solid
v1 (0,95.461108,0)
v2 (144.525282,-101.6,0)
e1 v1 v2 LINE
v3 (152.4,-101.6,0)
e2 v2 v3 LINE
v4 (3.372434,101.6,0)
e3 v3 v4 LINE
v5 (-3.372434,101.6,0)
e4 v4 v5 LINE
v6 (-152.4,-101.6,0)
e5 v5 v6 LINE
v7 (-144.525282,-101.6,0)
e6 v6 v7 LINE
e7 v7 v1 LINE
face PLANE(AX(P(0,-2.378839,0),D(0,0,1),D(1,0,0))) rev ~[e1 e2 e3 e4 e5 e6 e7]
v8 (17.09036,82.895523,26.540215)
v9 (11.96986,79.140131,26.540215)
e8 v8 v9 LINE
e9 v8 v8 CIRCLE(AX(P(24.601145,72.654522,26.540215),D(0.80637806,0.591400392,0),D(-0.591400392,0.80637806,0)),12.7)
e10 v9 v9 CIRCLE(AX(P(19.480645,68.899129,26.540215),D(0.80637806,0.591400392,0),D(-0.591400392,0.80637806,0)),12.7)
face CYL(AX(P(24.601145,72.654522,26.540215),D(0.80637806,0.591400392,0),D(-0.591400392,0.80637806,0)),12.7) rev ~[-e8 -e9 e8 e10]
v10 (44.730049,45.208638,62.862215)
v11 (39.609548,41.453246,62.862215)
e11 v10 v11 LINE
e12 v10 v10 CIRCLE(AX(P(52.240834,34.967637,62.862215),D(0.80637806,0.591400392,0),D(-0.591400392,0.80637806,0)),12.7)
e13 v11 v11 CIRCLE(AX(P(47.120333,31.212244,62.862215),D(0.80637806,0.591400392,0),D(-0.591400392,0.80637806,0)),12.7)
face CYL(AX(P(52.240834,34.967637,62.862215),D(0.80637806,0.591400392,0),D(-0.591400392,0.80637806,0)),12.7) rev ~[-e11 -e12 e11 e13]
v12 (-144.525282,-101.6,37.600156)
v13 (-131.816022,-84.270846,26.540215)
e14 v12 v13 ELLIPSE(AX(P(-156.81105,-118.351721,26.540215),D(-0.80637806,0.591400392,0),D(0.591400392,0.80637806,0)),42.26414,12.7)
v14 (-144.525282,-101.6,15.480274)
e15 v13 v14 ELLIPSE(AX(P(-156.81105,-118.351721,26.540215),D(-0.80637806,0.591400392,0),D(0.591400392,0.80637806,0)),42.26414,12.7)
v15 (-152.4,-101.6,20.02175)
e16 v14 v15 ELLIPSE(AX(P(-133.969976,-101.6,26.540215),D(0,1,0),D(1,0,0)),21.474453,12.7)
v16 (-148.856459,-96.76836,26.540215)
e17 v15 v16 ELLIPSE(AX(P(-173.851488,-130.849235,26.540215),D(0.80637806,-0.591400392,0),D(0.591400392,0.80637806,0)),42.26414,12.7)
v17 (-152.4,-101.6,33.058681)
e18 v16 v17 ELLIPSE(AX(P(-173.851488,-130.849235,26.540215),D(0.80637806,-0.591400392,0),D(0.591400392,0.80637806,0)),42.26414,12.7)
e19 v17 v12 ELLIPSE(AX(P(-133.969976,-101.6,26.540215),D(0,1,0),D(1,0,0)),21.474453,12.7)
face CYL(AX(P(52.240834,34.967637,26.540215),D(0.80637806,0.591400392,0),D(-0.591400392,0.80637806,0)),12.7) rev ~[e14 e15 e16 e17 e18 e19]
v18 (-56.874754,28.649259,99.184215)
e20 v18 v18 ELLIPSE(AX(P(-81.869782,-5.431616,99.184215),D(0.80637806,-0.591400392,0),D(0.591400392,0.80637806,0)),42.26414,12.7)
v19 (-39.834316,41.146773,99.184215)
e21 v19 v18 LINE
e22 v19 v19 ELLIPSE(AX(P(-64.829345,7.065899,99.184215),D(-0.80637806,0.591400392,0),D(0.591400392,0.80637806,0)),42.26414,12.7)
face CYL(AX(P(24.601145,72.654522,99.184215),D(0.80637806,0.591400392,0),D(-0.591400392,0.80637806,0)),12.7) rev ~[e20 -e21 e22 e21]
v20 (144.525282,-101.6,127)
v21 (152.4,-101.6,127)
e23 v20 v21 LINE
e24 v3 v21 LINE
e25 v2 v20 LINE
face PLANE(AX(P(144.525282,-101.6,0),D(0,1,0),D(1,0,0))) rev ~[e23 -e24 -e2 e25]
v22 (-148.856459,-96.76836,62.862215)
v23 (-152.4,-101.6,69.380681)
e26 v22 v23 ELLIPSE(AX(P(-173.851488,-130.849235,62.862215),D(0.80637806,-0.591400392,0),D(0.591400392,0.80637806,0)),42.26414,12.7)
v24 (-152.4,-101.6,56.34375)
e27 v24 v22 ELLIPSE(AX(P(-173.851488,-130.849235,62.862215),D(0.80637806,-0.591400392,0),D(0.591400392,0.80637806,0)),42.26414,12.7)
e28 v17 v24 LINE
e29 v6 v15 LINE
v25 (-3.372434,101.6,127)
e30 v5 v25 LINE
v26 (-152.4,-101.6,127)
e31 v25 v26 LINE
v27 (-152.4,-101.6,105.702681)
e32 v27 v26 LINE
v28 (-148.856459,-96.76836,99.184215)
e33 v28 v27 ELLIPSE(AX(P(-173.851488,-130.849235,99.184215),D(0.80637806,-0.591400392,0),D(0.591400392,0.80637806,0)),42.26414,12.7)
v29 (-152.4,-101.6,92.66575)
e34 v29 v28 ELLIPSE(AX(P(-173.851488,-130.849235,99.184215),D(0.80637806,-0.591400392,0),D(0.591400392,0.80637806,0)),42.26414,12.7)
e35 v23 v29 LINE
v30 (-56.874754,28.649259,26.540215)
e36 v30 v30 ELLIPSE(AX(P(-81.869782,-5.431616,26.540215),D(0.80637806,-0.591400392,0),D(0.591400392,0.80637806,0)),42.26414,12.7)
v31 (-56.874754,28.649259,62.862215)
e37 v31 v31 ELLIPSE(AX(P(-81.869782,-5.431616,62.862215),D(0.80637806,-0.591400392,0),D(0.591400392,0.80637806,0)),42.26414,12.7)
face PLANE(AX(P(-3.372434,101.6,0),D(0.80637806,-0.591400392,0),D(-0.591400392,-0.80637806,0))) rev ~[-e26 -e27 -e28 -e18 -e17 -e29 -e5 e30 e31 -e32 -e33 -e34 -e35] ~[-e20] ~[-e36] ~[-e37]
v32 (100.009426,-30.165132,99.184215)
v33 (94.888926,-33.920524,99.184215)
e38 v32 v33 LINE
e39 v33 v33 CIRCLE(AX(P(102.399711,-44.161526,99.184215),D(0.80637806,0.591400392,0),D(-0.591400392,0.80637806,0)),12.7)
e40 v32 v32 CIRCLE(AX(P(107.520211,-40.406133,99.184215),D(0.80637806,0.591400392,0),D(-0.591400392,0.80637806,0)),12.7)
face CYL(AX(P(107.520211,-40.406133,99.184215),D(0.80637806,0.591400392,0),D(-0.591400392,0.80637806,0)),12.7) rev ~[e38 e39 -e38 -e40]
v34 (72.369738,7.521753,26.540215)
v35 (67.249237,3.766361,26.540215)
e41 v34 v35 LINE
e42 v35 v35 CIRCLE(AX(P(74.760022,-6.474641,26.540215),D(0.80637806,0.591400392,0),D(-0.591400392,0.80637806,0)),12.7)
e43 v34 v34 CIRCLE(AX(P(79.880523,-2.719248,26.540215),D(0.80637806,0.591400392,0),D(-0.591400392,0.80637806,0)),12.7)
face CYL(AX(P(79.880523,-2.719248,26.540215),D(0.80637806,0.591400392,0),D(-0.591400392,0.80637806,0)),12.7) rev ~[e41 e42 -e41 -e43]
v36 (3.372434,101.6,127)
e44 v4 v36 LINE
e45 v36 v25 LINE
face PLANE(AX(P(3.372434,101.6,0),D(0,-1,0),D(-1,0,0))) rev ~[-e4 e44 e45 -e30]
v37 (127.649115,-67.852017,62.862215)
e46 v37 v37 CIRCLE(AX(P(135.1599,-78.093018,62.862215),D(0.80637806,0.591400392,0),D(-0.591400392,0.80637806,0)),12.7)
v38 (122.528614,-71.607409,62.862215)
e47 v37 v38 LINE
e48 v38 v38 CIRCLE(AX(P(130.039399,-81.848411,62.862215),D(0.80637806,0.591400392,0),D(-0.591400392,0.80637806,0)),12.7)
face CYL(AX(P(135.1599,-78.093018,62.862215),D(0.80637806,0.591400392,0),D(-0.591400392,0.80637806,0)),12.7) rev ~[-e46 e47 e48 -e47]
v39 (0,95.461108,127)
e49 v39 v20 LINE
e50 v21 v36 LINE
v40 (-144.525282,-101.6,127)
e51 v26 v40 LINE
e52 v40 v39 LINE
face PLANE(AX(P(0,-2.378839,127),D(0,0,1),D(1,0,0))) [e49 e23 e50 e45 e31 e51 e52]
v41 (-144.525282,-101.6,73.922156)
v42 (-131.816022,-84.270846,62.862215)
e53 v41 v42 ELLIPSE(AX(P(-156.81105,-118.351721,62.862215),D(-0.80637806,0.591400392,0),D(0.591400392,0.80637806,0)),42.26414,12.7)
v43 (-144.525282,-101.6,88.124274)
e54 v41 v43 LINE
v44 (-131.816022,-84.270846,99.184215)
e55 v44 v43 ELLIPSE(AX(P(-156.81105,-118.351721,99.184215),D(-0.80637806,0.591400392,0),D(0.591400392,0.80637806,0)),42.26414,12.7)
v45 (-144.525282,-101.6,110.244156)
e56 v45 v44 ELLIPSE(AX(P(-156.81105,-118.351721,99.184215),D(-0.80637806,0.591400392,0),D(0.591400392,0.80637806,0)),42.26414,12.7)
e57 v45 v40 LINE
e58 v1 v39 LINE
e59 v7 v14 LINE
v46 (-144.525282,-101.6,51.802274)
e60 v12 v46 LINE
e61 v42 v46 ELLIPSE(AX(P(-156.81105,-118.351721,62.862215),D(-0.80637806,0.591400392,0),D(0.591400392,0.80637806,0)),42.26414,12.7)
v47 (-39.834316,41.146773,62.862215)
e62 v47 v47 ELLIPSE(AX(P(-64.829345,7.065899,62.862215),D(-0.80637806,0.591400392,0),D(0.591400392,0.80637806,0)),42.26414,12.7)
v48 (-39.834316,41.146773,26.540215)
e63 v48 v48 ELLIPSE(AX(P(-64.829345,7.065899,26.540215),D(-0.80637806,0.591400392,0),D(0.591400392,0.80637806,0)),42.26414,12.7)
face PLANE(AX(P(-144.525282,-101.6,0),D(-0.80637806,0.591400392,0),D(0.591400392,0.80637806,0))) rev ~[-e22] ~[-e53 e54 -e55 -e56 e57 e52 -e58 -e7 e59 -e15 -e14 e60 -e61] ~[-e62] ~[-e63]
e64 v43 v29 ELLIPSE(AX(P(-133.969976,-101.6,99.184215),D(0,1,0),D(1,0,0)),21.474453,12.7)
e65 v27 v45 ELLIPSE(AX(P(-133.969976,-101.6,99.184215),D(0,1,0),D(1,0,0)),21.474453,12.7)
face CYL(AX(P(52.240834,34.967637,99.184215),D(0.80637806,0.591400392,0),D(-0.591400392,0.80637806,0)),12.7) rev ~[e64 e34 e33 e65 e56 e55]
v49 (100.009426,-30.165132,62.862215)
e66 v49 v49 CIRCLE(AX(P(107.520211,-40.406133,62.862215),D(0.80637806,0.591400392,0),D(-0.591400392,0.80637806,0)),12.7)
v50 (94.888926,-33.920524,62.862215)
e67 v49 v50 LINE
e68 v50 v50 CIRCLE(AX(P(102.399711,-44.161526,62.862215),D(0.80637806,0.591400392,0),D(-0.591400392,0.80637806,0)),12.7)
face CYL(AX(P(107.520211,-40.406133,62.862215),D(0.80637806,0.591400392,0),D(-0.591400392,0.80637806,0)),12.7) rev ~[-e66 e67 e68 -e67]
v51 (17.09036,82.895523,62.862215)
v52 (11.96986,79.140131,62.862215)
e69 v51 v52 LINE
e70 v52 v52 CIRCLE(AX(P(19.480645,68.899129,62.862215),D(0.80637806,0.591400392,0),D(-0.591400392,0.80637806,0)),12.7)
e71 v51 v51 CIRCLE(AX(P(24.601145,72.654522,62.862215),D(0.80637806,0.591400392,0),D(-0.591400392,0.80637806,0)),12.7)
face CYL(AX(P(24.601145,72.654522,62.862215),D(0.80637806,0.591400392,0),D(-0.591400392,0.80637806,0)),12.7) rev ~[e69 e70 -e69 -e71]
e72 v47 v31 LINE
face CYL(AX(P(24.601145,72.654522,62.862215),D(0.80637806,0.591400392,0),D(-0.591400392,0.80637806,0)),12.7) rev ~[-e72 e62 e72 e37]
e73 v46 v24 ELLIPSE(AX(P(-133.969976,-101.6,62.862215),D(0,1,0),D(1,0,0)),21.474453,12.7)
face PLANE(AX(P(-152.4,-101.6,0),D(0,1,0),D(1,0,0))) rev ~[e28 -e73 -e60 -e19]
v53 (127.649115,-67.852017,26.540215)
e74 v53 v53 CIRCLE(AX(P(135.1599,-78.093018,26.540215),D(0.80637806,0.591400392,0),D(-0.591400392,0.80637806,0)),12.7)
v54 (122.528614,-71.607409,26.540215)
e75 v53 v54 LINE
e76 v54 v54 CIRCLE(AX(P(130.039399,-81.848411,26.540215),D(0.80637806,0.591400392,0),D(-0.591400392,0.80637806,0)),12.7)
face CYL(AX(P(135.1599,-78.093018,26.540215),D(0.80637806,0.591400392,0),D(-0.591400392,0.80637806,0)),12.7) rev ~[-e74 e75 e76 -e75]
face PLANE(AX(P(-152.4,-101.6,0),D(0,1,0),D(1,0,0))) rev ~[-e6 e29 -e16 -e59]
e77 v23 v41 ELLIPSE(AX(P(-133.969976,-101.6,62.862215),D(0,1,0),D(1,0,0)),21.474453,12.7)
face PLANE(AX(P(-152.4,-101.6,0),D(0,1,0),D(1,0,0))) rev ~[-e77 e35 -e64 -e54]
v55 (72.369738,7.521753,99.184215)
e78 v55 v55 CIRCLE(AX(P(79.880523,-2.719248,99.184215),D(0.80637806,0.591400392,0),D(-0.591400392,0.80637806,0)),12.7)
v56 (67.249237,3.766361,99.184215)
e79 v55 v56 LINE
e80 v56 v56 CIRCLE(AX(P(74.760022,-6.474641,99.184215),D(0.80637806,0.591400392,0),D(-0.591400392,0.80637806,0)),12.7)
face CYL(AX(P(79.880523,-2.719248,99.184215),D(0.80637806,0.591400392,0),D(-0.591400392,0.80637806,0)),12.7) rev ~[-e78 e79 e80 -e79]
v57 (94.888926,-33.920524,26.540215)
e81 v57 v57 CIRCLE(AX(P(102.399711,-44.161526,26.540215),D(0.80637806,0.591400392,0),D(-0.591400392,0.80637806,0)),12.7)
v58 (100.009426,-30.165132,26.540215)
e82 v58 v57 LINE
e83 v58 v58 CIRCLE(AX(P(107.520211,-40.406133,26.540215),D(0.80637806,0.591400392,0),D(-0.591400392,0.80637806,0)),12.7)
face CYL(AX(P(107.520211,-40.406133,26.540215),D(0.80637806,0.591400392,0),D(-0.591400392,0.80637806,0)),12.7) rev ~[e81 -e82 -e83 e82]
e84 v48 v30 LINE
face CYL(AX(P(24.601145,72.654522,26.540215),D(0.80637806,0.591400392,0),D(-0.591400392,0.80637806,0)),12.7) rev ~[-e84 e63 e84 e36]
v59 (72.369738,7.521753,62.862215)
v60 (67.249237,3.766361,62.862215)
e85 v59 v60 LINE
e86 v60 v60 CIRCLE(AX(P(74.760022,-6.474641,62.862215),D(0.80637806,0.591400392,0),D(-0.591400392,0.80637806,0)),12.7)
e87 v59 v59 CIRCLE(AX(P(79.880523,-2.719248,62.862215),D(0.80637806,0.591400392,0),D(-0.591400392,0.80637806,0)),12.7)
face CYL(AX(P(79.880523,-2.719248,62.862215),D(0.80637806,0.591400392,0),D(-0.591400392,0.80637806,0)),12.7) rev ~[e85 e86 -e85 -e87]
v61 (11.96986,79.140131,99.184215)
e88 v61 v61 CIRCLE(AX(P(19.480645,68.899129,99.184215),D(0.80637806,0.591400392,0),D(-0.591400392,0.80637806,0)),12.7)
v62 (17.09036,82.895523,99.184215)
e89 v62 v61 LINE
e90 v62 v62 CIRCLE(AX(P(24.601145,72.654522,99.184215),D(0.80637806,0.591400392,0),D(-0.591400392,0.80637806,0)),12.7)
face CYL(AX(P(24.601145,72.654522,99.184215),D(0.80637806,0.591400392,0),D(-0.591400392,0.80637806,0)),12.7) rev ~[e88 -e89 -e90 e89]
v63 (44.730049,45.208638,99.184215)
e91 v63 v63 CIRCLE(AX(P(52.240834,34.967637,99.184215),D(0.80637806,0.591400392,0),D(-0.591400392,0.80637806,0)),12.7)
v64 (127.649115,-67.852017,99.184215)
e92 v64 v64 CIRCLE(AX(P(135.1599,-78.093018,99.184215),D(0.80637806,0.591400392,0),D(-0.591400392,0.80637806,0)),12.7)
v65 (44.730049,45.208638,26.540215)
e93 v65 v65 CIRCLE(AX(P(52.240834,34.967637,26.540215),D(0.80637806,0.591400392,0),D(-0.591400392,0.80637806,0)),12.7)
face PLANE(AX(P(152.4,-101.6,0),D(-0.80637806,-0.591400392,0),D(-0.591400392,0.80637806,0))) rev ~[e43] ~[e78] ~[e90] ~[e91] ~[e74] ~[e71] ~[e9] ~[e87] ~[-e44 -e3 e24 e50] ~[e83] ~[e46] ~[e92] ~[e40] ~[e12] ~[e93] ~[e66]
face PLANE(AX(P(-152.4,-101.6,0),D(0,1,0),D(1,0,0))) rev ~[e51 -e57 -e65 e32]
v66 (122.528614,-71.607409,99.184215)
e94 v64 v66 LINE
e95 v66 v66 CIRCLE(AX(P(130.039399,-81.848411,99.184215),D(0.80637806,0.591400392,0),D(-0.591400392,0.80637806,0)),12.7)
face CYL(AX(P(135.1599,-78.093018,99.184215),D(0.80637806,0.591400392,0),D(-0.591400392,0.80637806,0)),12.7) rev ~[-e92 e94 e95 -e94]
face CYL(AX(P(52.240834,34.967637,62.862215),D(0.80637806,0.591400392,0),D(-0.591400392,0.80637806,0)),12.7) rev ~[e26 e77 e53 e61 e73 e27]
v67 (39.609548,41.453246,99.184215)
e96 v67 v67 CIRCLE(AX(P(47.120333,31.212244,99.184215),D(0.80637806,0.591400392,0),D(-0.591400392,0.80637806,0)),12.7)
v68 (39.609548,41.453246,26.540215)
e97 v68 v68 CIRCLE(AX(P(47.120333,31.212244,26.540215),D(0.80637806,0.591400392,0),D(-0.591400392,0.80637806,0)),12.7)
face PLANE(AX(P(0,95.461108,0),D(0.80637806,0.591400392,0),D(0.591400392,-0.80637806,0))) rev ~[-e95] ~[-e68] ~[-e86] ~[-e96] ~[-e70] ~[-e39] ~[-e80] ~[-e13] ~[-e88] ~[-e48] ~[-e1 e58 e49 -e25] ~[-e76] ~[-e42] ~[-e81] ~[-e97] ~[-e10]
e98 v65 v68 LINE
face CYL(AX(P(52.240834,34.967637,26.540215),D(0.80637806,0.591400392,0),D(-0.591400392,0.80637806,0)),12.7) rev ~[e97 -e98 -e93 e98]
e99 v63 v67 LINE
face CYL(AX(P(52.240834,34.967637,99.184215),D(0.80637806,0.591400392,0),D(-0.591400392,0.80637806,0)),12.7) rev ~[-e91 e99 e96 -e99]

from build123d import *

# Parameters (mm, degrees)
F1_DEPTH = 127
F2_R     = 12.7
F3_DEPTH = 245.7850328086


with BuildPart() as f1:
    # F0 (on Top) → F1 (new body)
    with BuildSketch(Plane.XY):
        Polygon((152.4, -101.6), (3.3724339415, 101.6), (0, 101.6), (-3.3724339415, 101.6), (-152.4, -101.6), (-144.5252817855, -101.6), (0, 95.4611077905), (144.5252817855, -101.6), align=None)
    extrude(amount=F1_DEPTH)

    # F2 (on face) → F3 (cut, through all)
    with BuildSketch(Plane(origin=(50.645168039, 37.1433372317, 0), x_dir=(-0.591400392, 0.8063780604, 0), z_dir=(0.8063780604, 0.591400392, 0))):
        with Locations((-142.906114459, 99.1842150688)):
            Circle(F2_R)
        with Locations((-142.906114459, 62.8622150688)):
            Circle(F2_R)
        with Locations((-142.906114459, 26.5402150688)):
            Circle(F2_R)
        with Locations((-96.170114459, 99.1842150688)):
            Circle(F2_R)
        with Locations((-96.170114459, 62.8622150688)):
            Circle(F2_R)
        with Locations((-96.170114459, 26.5402150688)):
            Circle(F2_R)
        with Locations((-49.434114459, 99.1842150688)):
            Circle(F2_R)
        with Locations((-49.434114459, 62.8622150688)):
            Circle(F2_R)
        with Locations((-49.434114459, 26.5402150688)):
            Circle(F2_R)
        with Locations((-2.698114459, 99.1842150688)):
            Circle(F2_R)
        with Locations((-2.698114459, 62.8622150688)):
            Circle(F2_R)
        with Locations((-2.698114459, 26.5402150688)):
            Circle(F2_R)
        with Locations((44.037885541, 99.1842150688)):
            Circle(F2_R)
        with Locations((44.037885541, 62.8622150688)):
            Circle(F2_R)
        with Locations((44.037885541, 26.5402150688)):
            Circle(F2_R)
    extrude(amount=-F3_DEPTH, mode=Mode.SUBTRACT)


solid = f1.part
